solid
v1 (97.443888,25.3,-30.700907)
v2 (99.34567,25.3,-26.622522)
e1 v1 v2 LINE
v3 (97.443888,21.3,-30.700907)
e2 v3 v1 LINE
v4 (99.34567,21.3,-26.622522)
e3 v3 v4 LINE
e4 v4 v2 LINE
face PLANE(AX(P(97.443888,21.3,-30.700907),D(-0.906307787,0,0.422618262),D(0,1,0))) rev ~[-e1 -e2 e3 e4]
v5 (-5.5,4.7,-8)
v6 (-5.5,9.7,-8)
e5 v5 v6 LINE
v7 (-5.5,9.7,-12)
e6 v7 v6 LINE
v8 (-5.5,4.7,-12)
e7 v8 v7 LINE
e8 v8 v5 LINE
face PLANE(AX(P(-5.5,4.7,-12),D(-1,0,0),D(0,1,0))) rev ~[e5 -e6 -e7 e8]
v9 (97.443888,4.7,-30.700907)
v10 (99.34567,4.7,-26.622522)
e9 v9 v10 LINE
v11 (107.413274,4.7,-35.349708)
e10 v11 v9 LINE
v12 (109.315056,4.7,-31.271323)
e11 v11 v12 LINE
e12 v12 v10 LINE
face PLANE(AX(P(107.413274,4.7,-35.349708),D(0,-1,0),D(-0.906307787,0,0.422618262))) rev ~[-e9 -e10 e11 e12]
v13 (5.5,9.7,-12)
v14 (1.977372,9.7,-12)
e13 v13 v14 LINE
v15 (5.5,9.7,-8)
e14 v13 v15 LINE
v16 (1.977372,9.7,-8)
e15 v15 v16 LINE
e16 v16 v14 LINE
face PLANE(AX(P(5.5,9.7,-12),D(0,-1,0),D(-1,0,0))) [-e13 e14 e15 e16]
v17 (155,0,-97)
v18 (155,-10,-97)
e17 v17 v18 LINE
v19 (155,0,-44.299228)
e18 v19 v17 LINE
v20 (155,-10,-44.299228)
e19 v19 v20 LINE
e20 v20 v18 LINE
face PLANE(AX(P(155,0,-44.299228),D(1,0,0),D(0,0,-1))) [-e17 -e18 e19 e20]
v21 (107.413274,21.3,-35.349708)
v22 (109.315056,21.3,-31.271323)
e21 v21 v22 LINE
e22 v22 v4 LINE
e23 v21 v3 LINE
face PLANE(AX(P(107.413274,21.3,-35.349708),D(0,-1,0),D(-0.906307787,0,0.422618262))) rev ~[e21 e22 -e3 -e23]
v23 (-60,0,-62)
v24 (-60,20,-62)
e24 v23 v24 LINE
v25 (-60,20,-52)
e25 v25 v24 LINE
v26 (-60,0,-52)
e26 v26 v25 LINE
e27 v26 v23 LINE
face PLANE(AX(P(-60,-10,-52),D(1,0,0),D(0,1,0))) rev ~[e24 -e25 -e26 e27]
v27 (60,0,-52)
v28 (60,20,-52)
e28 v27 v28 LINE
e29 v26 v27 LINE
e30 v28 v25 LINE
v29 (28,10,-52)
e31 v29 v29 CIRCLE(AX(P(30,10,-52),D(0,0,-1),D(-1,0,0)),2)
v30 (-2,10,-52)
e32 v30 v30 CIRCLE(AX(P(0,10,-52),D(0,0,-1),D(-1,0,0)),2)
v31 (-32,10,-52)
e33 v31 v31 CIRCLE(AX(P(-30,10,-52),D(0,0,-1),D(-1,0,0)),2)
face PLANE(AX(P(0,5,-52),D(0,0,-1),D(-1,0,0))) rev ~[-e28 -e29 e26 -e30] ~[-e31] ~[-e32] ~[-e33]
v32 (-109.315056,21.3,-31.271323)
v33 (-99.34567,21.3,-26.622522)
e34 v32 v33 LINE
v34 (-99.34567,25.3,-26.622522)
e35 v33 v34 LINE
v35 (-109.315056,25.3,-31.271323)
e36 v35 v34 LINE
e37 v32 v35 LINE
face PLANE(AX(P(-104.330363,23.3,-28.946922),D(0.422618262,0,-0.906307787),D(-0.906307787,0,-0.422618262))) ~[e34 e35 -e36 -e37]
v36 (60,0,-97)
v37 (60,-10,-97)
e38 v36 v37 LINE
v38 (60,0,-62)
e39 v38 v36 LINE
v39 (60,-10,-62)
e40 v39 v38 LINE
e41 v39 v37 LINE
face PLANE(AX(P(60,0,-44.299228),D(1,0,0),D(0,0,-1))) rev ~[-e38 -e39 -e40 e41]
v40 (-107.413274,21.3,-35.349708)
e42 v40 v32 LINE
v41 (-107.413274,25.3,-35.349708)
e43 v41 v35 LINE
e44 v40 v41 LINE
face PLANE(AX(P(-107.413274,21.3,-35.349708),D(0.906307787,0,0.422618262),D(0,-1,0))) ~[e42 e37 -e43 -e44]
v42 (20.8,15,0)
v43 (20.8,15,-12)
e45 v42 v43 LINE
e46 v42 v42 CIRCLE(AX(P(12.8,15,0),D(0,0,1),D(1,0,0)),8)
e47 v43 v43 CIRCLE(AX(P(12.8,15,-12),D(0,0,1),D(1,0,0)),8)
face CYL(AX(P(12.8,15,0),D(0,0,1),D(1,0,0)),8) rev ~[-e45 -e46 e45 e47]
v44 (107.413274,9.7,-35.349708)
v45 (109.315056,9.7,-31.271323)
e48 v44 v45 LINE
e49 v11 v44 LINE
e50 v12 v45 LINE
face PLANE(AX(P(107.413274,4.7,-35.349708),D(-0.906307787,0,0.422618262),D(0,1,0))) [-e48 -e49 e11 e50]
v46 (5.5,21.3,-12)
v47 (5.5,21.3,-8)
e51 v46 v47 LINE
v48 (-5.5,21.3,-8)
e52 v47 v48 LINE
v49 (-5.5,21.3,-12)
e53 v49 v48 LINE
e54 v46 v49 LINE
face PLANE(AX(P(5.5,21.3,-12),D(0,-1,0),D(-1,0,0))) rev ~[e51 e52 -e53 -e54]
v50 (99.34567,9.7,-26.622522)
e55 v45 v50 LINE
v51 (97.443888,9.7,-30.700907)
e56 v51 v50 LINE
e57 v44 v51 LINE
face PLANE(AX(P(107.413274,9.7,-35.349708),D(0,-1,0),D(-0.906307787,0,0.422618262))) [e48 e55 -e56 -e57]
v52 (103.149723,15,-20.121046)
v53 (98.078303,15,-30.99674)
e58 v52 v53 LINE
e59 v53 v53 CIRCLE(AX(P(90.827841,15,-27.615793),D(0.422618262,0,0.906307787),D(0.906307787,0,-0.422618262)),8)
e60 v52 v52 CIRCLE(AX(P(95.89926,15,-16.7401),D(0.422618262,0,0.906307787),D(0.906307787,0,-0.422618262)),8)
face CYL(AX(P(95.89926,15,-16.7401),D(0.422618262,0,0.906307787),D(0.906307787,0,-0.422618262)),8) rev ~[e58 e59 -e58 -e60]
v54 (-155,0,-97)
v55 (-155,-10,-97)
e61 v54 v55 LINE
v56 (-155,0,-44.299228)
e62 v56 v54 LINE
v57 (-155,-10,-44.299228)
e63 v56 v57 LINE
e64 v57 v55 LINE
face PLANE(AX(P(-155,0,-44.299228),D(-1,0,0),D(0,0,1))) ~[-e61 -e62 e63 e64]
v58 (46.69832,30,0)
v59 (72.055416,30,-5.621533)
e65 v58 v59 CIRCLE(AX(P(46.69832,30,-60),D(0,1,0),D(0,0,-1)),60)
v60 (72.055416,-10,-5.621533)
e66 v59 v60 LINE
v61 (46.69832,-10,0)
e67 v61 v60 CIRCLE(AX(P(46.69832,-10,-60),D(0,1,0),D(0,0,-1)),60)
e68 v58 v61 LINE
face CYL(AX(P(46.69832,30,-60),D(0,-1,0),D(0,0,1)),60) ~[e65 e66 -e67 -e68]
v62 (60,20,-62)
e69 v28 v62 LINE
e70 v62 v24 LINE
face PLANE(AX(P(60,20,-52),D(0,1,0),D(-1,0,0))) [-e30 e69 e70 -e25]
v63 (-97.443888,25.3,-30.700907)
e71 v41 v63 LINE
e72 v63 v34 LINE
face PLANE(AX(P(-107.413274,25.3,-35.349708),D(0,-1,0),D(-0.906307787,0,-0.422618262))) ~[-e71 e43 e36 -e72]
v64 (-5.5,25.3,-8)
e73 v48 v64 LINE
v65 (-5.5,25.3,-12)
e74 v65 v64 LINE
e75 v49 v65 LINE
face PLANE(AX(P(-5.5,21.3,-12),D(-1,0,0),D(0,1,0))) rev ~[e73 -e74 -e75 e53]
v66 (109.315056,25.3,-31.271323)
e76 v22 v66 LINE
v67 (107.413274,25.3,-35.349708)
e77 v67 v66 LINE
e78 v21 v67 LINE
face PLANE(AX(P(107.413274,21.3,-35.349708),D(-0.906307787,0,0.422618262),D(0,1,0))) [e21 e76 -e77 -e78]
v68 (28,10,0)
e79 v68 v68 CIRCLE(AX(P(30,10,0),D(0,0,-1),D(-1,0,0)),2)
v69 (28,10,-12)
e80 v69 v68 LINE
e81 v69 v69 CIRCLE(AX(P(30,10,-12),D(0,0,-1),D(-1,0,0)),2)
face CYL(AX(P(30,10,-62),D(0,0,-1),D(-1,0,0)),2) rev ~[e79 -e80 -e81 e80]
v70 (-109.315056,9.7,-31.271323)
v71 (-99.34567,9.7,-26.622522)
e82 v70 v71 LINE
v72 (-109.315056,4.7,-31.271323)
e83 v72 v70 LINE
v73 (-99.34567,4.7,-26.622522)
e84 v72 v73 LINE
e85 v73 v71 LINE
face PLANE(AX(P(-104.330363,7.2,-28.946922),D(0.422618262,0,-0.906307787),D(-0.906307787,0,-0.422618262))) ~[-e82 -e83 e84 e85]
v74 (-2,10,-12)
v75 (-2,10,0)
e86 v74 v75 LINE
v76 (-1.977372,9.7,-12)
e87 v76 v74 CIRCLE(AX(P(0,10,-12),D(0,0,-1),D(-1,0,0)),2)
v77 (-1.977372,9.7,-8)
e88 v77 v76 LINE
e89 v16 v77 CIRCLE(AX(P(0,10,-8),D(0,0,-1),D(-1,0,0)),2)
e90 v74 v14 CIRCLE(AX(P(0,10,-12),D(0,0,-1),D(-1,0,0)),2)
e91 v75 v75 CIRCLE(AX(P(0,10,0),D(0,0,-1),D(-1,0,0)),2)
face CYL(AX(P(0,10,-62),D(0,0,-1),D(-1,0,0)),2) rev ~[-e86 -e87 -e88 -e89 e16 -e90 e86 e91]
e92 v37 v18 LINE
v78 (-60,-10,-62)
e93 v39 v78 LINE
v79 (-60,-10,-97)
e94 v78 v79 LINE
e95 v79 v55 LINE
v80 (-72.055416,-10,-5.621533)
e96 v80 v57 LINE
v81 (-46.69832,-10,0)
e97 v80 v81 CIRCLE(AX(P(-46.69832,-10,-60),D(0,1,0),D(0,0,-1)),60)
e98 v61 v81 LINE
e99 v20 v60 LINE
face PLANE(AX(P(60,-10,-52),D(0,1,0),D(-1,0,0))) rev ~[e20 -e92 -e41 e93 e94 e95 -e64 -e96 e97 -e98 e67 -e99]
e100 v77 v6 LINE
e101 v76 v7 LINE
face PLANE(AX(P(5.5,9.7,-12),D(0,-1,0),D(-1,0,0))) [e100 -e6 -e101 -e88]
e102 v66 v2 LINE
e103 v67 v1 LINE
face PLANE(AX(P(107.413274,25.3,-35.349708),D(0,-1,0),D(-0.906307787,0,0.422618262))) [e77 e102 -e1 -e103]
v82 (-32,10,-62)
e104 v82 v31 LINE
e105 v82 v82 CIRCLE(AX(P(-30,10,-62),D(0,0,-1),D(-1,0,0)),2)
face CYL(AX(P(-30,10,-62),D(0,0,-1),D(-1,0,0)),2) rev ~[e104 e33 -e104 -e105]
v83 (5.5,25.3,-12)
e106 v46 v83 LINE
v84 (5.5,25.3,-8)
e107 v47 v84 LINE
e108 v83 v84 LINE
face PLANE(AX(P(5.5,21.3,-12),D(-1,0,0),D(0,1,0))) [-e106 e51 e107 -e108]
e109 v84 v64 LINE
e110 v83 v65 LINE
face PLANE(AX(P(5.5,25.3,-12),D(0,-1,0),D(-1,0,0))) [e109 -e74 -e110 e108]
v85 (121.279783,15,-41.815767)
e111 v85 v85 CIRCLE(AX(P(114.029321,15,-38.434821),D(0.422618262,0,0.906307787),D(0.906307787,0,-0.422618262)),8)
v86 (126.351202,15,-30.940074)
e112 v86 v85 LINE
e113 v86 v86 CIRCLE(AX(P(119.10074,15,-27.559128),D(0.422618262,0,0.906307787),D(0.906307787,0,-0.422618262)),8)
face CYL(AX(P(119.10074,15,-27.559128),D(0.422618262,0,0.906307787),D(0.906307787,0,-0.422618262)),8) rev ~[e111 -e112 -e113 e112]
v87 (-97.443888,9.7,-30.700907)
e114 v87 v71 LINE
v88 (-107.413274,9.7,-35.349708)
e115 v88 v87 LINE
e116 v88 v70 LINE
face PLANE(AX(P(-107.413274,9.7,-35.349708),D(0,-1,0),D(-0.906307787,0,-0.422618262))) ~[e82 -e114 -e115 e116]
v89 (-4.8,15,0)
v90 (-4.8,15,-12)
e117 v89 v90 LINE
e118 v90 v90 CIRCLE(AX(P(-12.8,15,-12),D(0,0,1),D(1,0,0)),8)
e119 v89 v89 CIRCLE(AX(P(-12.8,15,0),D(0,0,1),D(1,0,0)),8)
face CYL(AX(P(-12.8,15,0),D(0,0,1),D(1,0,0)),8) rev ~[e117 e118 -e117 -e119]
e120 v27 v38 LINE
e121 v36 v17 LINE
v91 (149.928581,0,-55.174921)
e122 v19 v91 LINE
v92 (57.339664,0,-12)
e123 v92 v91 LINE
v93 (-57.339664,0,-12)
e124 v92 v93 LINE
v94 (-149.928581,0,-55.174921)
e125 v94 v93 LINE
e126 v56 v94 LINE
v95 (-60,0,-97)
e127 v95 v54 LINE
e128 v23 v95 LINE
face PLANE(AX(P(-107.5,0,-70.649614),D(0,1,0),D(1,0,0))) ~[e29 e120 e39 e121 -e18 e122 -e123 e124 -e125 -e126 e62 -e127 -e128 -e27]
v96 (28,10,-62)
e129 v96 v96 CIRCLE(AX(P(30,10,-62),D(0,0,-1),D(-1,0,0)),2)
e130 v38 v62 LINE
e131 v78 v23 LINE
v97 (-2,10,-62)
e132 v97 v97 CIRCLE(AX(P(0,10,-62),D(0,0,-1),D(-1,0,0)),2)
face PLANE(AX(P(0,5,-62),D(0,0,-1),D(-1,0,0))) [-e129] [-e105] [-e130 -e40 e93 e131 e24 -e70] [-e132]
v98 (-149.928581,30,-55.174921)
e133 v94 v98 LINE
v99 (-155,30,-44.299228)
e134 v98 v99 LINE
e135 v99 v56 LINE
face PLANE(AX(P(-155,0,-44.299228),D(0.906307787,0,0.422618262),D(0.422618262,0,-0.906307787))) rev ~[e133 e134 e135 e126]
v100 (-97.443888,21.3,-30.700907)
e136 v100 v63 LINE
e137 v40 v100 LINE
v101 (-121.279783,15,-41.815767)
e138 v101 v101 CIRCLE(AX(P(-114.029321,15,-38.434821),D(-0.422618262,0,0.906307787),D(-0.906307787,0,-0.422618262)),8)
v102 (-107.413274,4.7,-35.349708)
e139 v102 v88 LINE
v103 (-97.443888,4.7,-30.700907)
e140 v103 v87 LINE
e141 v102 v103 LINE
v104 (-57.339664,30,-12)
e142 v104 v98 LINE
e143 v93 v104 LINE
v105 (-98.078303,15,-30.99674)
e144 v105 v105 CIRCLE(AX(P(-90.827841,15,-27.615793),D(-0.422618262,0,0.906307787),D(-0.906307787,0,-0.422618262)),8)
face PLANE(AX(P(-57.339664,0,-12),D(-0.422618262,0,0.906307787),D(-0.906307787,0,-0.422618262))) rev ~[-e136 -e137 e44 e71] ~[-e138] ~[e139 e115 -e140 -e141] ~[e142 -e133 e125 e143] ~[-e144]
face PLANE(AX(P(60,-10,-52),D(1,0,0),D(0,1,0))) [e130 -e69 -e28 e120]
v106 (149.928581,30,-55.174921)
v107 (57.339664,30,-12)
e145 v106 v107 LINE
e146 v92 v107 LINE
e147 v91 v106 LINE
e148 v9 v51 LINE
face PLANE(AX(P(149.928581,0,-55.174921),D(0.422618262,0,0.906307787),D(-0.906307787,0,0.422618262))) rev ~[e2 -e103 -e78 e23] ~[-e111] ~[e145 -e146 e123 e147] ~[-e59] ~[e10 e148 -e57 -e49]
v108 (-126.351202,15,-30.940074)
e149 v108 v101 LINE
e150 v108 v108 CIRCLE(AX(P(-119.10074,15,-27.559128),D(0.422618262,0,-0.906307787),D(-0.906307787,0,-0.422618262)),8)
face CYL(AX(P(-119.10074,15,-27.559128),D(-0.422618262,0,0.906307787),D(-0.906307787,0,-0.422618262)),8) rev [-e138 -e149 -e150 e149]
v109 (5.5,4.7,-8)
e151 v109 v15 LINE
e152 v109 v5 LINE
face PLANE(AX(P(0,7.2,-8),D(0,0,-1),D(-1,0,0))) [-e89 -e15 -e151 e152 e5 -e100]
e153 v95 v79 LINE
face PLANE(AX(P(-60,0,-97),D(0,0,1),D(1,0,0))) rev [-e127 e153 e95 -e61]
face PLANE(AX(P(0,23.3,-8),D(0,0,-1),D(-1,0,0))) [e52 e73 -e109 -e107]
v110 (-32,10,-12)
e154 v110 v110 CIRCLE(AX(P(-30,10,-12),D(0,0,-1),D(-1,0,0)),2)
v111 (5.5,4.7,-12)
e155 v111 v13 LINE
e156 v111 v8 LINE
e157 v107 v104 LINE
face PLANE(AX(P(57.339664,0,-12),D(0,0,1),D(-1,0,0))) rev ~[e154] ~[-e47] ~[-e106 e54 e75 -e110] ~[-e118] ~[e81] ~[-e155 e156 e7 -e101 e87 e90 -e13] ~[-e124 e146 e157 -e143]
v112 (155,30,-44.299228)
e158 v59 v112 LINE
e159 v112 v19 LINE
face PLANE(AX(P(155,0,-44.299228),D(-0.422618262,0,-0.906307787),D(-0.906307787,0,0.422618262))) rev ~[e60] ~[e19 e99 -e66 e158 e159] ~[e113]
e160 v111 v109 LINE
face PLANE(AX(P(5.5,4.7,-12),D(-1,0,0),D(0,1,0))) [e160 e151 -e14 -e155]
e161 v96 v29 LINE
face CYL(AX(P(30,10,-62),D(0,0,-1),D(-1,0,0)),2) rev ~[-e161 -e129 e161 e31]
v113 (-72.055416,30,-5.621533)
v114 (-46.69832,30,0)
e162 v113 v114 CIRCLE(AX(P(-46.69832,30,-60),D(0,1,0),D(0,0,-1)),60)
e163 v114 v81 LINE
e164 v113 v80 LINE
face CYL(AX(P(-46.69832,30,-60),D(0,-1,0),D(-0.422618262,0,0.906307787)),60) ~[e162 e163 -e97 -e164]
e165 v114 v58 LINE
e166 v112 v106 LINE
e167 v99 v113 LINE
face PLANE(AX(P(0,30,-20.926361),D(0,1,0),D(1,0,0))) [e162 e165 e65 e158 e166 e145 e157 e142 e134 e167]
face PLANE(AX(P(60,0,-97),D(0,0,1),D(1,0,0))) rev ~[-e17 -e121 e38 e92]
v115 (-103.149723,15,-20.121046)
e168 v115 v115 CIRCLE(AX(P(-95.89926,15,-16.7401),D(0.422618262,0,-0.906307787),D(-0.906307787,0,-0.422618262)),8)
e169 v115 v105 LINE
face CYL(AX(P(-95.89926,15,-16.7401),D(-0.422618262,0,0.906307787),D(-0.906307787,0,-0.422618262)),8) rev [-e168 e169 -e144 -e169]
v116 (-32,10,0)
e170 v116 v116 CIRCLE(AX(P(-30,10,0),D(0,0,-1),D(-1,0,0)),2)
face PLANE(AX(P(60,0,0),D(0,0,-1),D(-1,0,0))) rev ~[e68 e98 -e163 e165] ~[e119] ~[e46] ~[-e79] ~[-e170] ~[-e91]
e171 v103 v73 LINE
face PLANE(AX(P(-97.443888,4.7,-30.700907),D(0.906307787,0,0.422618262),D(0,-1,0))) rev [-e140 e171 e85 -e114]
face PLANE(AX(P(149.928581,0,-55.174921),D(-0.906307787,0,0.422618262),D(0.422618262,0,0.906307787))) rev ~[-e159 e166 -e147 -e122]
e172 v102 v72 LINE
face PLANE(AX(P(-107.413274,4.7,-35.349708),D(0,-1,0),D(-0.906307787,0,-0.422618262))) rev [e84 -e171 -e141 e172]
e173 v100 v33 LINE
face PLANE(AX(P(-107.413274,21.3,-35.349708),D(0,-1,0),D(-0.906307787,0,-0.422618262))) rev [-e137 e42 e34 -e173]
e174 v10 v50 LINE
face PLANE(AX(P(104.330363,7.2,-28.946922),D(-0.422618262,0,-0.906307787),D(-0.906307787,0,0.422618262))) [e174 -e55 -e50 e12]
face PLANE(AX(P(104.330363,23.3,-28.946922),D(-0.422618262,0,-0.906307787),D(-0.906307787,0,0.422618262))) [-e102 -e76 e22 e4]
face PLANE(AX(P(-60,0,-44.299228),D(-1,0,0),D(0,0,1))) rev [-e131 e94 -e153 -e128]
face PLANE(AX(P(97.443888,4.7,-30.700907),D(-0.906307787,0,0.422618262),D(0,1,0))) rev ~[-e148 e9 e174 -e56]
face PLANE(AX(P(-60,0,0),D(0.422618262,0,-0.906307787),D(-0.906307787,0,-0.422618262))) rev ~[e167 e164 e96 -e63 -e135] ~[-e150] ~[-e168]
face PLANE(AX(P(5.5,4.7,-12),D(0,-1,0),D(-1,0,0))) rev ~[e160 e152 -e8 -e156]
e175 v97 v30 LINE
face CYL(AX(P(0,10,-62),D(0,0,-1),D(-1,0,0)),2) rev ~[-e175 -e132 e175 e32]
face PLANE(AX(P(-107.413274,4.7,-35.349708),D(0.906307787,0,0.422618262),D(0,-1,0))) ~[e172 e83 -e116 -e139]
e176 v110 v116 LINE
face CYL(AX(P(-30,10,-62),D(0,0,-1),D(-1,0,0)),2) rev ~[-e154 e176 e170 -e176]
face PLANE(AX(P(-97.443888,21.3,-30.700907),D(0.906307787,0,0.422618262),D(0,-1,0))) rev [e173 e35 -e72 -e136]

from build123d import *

# Parameters (mm, degrees)
EXTRUDE_THIN1_DEPTH = 30
SKETCH2_R           = 8
CUT_EXTRUDE1_DEPTH  = 141.868386798
SKETCH3_R           = 8
CUT_EXTRUDE2_DEPTH  = 56.174920969
BOSS_EXTRUDE1_DEPTH = 10
SKETCH7_W           = 120
SKETCH7_H           = 30
BOSS_EXTRUDE2_DEPTH = 10
SKETCH8_R           = 2
CUT_EXTRUDE3_DEPTH  = 63
FILLET1_R           = 60
SKETCH9_W           = 95
SKETCH9_H           = 52.700772475
BOSS_EXTRUDE3_DEPTH = 10
SKETCH10_W          = 11
SKETCH10_H          = 4
SKETCH10_H_2        = 5
CUT_EXTRUDE4_DEPTH  = 4.5
SKETCH13_W          = 11
SKETCH13_H          = 5
SKETCH13_H_2        = 4
CUT_EXTRUDE5_DEPTH  = 4


with BuildPart() as part:
    # Sketch1 → Extrude-Thin1 (new body)
    with BuildSketch(Plane(origin=(0, 0, 0), x_dir=(1, 0, 0), z_dir=(0, 1, 0))):
        Polygon((-155, 44.299227525), (-60, 0), (60, 0), (155, 44.299227525), (149.928580859, 55.174920969), (57.339664048, 12), (-57.339664048, 12), (-149.928580859, 55.174920969), align=None)
    extrude(amount=EXTRUDE_THIN1_DEPTH)

    # Sketch2 → Cut-Extrude1 (cut, through all)
    with BuildSketch(Plane(origin=(10.716371709, 0, 22.981333294), x_dir=(0.906307787, 0, -0.422618262), z_dir=(0.422618262, 0, 0.906307787))):
        with Locations((93.988918373, 15)):
            Circle(SKETCH2_R)
        with Locations((119.588918373, 15)):
            Circle(SKETCH2_R)
    cut_extrude1 = extrude(amount=-CUT_EXTRUDE1_DEPTH, mode=Mode.SUBTRACT)

    # Mirror1: Cut-Extrude1 across plane
    add(cut_extrude1.mirror(Plane(origin=(0, 0, 0), x_dir=(0, 0, 1), z_dir=(1, 0, 0))), mode=Mode.SUBTRACT)

    # Sketch3 → Cut-Extrude2 (cut, through all)
    with BuildSketch(Plane.XY):
        with Locations((12.8, 15)):
            Circle(SKETCH3_R)
        with Locations((-12.8, 15)):
            Circle(SKETCH3_R)
    extrude(amount=-CUT_EXTRUDE2_DEPTH, mode=Mode.SUBTRACT)

    # Sketch5 → Boss-Extrude1 (add)
    with BuildSketch(Plane.XZ):
        Polygon((66.80863999, -55.174920969), (149.928580859, -55.174920969), (57.339664048, -12), (-57.339664048, -12), (-149.928580859, -55.174920969), (-66.80863999, -55.174920969), (-60, -52), (60, -52), align=None)
        Polygon((-155, -44.299227525), (-149.928580859, -55.174920969), (-57.339664048, -12), (57.339664048, -12), (149.928580859, -55.174920969), (155, -44.299227525), (60, 0), (-60, 0), align=None)
    extrude(amount=BOSS_EXTRUDE1_DEPTH)

    # Sketch7 → Boss-Extrude2 (add)
    with BuildSketch(Plane(origin=(0, 0, -52), x_dir=(-1, 0, 0), z_dir=(0, 0, -1))):
        with Locations((0, 5)):
            Rectangle(SKETCH7_W, SKETCH7_H)
    extrude(amount=BOSS_EXTRUDE2_DEPTH)

    # Sketch8 → Cut-Extrude3 (cut, through all)
    with BuildSketch(Plane(origin=(0, 0, -62), x_dir=(-1, 0, 0), z_dir=(0, 0, -1))):
        with Locations((0, 10)):
            Circle(SKETCH8_R)
        with Locations((-30, 10)):
            Circle(SKETCH8_R)
        with Locations((30, 10)):
            Circle(SKETCH8_R)
    extrude(amount=-CUT_EXTRUDE3_DEPTH, mode=Mode.SUBTRACT)

    # Fillet1
    fillet1_edges = [part.edges().sort_by_distance(p)[0] for p in [
        (60, 10, 0),
        (-60, 10, 0),
    ]]
    fillet(fillet1_edges, radius=FILLET1_R)

    # Sketch9 → Boss-Extrude3 (add)
    with BuildSketch(Plane(origin=(0, 0, 0), x_dir=(1, 0, 0), z_dir=(0, 1, 0))):
        with Locations((107.5, 70.649613762)):
            Rectangle(SKETCH9_W, SKETCH9_H)
    boss_extrude3 = extrude(amount=-BOSS_EXTRUDE3_DEPTH)

    # Mirror2: Boss-Extrude3 across plane
    add(boss_extrude3.mirror(Plane(origin=(0, 0, 0), x_dir=(0, 0, 1), z_dir=(1, 0, 0))))

    # Sketch10 → Cut-Extrude4 (cut)
    with BuildSketch(Plane(origin=(5.644952569, 0, 12.105639849), x_dir=(-0.906307787, 0, 0.422618262), z_dir=(-0.422618262, 0, -0.906307787))):
        with Locations((-106.788918373, 23.3)):
            Rectangle(SKETCH10_W, SKETCH10_H)
        with Locations((-106.788918373, 7.2)):
            Rectangle(SKETCH10_W, SKETCH10_H_2)
    cut_extrude4 = extrude(amount=-CUT_EXTRUDE4_DEPTH, mode=Mode.SUBTRACT)

    # Mirror3: Cut-Extrude4 across plane
    add(cut_extrude4.mirror(Plane(origin=(0, 0, 0), x_dir=(0, 0, 1), z_dir=(1, 0, 0))), mode=Mode.SUBTRACT)

    # Sketch13 → Cut-Extrude5 (cut)
    with BuildSketch(Plane(origin=(0, 0, -12), x_dir=(-1, 0, 0), z_dir=(0, 0, -1))):
        with Locations((0, 7.2)):
            Rectangle(SKETCH13_W, SKETCH13_H)
        with Locations((0, 23.3)):
            Rectangle(SKETCH13_W, SKETCH13_H_2)
    extrude(amount=-CUT_EXTRUDE5_DEPTH, mode=Mode.SUBTRACT)


solid = part.part
